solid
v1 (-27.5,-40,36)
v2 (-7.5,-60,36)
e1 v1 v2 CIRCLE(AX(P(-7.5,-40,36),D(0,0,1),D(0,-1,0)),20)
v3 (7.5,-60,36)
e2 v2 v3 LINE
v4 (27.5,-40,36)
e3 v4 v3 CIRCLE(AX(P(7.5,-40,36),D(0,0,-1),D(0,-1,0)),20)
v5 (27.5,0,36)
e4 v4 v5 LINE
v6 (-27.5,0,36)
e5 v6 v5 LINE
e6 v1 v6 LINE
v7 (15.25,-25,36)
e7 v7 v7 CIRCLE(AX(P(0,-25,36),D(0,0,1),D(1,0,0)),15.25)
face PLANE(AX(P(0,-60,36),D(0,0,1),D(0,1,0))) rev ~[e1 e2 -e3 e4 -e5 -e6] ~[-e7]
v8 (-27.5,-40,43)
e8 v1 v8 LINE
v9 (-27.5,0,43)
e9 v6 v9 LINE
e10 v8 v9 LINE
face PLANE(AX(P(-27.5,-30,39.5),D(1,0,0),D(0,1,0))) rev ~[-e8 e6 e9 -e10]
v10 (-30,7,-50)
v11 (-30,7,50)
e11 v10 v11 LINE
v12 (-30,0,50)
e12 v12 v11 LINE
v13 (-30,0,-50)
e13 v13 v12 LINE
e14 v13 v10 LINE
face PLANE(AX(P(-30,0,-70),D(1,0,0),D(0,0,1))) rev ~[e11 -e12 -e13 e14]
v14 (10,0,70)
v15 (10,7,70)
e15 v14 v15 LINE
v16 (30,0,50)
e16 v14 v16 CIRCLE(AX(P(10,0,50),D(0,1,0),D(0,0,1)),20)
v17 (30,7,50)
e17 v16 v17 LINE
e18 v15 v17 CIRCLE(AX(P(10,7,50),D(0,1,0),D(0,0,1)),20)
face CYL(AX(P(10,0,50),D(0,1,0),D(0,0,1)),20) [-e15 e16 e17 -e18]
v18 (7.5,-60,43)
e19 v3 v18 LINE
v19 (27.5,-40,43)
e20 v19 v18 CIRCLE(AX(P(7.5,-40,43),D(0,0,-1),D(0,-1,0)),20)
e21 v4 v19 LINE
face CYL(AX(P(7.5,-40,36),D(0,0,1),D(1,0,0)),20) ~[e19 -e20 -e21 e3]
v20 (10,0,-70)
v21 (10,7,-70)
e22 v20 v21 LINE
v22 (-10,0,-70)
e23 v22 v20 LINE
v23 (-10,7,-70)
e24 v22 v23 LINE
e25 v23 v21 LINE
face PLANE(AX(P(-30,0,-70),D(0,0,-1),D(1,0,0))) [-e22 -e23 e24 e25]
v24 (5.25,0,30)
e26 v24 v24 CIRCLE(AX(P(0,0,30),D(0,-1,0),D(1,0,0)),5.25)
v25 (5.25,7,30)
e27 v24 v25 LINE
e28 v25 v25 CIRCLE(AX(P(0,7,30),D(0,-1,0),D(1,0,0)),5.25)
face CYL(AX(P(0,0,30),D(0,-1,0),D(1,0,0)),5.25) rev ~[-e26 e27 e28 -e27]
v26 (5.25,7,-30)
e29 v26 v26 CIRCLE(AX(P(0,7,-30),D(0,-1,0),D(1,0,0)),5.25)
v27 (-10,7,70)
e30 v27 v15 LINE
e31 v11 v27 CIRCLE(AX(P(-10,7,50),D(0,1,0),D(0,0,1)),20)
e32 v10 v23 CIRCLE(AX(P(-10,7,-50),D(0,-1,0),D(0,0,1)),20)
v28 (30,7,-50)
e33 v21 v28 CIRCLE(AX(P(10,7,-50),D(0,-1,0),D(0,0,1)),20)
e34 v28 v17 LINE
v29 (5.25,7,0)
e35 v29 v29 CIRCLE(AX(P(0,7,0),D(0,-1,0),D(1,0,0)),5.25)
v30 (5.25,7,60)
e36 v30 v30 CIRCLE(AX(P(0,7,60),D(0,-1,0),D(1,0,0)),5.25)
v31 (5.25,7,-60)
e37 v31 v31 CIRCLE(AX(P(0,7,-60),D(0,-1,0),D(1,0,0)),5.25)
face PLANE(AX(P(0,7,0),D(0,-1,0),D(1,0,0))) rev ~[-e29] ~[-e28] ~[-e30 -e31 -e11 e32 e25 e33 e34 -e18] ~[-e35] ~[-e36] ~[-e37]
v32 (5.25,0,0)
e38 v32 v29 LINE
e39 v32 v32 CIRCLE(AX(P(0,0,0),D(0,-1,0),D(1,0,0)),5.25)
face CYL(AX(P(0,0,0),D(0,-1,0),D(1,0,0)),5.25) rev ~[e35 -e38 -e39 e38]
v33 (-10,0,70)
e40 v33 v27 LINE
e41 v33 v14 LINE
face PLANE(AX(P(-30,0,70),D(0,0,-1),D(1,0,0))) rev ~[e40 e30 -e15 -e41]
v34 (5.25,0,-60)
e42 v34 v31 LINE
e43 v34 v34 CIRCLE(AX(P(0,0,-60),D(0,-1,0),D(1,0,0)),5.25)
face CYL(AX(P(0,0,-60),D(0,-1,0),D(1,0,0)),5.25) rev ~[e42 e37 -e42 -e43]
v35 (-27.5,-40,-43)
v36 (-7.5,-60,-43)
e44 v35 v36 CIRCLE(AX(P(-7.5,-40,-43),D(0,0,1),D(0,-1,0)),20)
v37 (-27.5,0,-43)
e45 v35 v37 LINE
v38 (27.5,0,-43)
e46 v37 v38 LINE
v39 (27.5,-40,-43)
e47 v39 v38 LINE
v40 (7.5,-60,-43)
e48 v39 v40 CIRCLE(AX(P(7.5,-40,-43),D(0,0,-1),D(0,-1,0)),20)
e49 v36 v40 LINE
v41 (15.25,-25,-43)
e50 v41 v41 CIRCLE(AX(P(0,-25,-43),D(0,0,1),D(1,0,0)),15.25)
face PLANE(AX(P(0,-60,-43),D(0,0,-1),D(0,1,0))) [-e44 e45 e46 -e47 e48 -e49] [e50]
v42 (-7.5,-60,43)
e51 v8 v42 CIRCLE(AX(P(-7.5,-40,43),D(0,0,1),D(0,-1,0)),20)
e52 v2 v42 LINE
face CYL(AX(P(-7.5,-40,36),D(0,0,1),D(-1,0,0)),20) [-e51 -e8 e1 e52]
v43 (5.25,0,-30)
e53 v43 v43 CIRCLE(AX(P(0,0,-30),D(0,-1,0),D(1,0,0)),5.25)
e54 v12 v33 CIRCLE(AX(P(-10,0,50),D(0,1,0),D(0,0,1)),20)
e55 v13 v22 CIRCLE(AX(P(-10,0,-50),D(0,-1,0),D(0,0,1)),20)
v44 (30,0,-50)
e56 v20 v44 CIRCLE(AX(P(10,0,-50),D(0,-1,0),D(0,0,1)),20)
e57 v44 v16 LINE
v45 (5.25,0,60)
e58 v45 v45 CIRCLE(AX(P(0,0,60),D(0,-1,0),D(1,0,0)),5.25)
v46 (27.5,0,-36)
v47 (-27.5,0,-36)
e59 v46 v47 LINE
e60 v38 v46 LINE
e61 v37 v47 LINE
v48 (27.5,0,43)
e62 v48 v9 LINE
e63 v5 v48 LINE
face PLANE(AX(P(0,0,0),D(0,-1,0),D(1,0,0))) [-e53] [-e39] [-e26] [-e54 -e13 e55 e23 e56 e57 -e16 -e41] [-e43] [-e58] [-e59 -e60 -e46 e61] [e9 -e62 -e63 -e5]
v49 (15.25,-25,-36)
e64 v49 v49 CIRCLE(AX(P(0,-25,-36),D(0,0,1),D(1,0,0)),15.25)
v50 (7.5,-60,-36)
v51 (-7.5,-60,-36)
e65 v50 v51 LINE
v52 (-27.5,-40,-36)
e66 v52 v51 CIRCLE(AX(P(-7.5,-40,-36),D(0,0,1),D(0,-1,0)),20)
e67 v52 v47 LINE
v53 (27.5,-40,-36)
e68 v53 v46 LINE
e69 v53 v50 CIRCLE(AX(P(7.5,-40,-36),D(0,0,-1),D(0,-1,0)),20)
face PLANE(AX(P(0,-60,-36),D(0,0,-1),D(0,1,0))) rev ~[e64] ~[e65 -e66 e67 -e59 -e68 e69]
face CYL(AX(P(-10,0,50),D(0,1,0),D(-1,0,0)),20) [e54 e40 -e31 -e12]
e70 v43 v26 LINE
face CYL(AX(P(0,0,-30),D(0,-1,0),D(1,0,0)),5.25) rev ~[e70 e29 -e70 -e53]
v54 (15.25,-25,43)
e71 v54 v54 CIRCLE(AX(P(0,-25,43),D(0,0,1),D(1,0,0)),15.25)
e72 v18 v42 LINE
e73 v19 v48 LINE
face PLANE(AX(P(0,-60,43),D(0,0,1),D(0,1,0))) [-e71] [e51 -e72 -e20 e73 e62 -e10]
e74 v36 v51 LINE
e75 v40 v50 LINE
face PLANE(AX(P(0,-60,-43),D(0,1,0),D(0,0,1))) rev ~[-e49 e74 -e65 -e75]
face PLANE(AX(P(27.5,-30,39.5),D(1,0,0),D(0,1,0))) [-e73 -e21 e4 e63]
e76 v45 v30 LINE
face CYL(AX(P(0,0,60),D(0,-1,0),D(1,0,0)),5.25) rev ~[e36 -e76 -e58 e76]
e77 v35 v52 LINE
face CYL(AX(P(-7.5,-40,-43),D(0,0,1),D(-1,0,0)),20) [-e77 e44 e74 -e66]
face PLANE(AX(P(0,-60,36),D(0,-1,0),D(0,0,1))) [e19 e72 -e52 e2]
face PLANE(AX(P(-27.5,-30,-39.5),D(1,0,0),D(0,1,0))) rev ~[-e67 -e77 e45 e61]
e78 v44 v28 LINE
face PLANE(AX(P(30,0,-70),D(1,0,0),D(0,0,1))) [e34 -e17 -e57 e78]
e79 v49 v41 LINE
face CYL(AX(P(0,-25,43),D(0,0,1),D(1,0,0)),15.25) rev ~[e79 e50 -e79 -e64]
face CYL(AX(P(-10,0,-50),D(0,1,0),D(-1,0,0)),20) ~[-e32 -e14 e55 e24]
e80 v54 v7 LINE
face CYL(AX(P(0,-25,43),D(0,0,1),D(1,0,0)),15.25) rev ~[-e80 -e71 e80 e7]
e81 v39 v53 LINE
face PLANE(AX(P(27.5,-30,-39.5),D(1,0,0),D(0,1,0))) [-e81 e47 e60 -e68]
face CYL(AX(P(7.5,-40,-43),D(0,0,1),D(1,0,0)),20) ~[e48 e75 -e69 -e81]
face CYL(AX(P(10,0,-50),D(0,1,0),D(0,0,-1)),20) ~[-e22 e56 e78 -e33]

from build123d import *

# Parameters (mm, degrees)
F0_W     = 60
F0_H     = 140
F0_R     = 5.25
F1_DEPTH = 7
F2_W     = 60
F2_H     = 7
F3_DEPTH = 27.5
F4_R     = 15.25
F5_DEPTH = 113.001
F6_R     = 20


with BuildPart() as f1:
    # F0 (on Front) → F1 (new body)
    with BuildSketch(Plane.XZ):
        Rectangle(F0_W, F0_H)
        with Locations((0, -60)):
            Circle(F0_R, mode=Mode.SUBTRACT)
        with Locations((0, -30)):
            Circle(F0_R, mode=Mode.SUBTRACT)
        Circle(F0_R, mode=Mode.SUBTRACT)
        with Locations((0, 30)):
            Circle(F0_R, mode=Mode.SUBTRACT)
        with Locations((0, 60)):
            Circle(F0_R, mode=Mode.SUBTRACT)
    extrude(amount=-F1_DEPTH)

    # F2 (on Right) → F3 (join, symmetric)
    with BuildSketch(Plane.YZ):
        with Locations((-30, 39.5)):
            Rectangle(F2_W, F2_H)
        with Locations((-30, -39.5)):
            Rectangle(F2_W, F2_H)
    extrude(amount=F3_DEPTH, both=True)

    # F4 (on face) → F5 (cut, through all)
    with BuildSketch(Plane.XY.offset(43)):
        with Locations((0, -25)):
            Circle(F4_R)
    extrude(amount=-F5_DEPTH, mode=Mode.SUBTRACT)

    # F6
    f6_edges = [f1.edges().sort_by_distance(p)[0] for p in [
        (-30, 3.5, 70),
        (30, 3.5, 70),
        (-27.5, -60, 39.5),
        (27.5, -60, 39.5),
        (-27.5, -60, -39.5),
        (27.5, -60, -39.5),
        (-30, 3.5, -70),
        (30, 3.5, -70),
    ]]
    fillet(f6_edges, radius=F6_R)


solid = f1.part
